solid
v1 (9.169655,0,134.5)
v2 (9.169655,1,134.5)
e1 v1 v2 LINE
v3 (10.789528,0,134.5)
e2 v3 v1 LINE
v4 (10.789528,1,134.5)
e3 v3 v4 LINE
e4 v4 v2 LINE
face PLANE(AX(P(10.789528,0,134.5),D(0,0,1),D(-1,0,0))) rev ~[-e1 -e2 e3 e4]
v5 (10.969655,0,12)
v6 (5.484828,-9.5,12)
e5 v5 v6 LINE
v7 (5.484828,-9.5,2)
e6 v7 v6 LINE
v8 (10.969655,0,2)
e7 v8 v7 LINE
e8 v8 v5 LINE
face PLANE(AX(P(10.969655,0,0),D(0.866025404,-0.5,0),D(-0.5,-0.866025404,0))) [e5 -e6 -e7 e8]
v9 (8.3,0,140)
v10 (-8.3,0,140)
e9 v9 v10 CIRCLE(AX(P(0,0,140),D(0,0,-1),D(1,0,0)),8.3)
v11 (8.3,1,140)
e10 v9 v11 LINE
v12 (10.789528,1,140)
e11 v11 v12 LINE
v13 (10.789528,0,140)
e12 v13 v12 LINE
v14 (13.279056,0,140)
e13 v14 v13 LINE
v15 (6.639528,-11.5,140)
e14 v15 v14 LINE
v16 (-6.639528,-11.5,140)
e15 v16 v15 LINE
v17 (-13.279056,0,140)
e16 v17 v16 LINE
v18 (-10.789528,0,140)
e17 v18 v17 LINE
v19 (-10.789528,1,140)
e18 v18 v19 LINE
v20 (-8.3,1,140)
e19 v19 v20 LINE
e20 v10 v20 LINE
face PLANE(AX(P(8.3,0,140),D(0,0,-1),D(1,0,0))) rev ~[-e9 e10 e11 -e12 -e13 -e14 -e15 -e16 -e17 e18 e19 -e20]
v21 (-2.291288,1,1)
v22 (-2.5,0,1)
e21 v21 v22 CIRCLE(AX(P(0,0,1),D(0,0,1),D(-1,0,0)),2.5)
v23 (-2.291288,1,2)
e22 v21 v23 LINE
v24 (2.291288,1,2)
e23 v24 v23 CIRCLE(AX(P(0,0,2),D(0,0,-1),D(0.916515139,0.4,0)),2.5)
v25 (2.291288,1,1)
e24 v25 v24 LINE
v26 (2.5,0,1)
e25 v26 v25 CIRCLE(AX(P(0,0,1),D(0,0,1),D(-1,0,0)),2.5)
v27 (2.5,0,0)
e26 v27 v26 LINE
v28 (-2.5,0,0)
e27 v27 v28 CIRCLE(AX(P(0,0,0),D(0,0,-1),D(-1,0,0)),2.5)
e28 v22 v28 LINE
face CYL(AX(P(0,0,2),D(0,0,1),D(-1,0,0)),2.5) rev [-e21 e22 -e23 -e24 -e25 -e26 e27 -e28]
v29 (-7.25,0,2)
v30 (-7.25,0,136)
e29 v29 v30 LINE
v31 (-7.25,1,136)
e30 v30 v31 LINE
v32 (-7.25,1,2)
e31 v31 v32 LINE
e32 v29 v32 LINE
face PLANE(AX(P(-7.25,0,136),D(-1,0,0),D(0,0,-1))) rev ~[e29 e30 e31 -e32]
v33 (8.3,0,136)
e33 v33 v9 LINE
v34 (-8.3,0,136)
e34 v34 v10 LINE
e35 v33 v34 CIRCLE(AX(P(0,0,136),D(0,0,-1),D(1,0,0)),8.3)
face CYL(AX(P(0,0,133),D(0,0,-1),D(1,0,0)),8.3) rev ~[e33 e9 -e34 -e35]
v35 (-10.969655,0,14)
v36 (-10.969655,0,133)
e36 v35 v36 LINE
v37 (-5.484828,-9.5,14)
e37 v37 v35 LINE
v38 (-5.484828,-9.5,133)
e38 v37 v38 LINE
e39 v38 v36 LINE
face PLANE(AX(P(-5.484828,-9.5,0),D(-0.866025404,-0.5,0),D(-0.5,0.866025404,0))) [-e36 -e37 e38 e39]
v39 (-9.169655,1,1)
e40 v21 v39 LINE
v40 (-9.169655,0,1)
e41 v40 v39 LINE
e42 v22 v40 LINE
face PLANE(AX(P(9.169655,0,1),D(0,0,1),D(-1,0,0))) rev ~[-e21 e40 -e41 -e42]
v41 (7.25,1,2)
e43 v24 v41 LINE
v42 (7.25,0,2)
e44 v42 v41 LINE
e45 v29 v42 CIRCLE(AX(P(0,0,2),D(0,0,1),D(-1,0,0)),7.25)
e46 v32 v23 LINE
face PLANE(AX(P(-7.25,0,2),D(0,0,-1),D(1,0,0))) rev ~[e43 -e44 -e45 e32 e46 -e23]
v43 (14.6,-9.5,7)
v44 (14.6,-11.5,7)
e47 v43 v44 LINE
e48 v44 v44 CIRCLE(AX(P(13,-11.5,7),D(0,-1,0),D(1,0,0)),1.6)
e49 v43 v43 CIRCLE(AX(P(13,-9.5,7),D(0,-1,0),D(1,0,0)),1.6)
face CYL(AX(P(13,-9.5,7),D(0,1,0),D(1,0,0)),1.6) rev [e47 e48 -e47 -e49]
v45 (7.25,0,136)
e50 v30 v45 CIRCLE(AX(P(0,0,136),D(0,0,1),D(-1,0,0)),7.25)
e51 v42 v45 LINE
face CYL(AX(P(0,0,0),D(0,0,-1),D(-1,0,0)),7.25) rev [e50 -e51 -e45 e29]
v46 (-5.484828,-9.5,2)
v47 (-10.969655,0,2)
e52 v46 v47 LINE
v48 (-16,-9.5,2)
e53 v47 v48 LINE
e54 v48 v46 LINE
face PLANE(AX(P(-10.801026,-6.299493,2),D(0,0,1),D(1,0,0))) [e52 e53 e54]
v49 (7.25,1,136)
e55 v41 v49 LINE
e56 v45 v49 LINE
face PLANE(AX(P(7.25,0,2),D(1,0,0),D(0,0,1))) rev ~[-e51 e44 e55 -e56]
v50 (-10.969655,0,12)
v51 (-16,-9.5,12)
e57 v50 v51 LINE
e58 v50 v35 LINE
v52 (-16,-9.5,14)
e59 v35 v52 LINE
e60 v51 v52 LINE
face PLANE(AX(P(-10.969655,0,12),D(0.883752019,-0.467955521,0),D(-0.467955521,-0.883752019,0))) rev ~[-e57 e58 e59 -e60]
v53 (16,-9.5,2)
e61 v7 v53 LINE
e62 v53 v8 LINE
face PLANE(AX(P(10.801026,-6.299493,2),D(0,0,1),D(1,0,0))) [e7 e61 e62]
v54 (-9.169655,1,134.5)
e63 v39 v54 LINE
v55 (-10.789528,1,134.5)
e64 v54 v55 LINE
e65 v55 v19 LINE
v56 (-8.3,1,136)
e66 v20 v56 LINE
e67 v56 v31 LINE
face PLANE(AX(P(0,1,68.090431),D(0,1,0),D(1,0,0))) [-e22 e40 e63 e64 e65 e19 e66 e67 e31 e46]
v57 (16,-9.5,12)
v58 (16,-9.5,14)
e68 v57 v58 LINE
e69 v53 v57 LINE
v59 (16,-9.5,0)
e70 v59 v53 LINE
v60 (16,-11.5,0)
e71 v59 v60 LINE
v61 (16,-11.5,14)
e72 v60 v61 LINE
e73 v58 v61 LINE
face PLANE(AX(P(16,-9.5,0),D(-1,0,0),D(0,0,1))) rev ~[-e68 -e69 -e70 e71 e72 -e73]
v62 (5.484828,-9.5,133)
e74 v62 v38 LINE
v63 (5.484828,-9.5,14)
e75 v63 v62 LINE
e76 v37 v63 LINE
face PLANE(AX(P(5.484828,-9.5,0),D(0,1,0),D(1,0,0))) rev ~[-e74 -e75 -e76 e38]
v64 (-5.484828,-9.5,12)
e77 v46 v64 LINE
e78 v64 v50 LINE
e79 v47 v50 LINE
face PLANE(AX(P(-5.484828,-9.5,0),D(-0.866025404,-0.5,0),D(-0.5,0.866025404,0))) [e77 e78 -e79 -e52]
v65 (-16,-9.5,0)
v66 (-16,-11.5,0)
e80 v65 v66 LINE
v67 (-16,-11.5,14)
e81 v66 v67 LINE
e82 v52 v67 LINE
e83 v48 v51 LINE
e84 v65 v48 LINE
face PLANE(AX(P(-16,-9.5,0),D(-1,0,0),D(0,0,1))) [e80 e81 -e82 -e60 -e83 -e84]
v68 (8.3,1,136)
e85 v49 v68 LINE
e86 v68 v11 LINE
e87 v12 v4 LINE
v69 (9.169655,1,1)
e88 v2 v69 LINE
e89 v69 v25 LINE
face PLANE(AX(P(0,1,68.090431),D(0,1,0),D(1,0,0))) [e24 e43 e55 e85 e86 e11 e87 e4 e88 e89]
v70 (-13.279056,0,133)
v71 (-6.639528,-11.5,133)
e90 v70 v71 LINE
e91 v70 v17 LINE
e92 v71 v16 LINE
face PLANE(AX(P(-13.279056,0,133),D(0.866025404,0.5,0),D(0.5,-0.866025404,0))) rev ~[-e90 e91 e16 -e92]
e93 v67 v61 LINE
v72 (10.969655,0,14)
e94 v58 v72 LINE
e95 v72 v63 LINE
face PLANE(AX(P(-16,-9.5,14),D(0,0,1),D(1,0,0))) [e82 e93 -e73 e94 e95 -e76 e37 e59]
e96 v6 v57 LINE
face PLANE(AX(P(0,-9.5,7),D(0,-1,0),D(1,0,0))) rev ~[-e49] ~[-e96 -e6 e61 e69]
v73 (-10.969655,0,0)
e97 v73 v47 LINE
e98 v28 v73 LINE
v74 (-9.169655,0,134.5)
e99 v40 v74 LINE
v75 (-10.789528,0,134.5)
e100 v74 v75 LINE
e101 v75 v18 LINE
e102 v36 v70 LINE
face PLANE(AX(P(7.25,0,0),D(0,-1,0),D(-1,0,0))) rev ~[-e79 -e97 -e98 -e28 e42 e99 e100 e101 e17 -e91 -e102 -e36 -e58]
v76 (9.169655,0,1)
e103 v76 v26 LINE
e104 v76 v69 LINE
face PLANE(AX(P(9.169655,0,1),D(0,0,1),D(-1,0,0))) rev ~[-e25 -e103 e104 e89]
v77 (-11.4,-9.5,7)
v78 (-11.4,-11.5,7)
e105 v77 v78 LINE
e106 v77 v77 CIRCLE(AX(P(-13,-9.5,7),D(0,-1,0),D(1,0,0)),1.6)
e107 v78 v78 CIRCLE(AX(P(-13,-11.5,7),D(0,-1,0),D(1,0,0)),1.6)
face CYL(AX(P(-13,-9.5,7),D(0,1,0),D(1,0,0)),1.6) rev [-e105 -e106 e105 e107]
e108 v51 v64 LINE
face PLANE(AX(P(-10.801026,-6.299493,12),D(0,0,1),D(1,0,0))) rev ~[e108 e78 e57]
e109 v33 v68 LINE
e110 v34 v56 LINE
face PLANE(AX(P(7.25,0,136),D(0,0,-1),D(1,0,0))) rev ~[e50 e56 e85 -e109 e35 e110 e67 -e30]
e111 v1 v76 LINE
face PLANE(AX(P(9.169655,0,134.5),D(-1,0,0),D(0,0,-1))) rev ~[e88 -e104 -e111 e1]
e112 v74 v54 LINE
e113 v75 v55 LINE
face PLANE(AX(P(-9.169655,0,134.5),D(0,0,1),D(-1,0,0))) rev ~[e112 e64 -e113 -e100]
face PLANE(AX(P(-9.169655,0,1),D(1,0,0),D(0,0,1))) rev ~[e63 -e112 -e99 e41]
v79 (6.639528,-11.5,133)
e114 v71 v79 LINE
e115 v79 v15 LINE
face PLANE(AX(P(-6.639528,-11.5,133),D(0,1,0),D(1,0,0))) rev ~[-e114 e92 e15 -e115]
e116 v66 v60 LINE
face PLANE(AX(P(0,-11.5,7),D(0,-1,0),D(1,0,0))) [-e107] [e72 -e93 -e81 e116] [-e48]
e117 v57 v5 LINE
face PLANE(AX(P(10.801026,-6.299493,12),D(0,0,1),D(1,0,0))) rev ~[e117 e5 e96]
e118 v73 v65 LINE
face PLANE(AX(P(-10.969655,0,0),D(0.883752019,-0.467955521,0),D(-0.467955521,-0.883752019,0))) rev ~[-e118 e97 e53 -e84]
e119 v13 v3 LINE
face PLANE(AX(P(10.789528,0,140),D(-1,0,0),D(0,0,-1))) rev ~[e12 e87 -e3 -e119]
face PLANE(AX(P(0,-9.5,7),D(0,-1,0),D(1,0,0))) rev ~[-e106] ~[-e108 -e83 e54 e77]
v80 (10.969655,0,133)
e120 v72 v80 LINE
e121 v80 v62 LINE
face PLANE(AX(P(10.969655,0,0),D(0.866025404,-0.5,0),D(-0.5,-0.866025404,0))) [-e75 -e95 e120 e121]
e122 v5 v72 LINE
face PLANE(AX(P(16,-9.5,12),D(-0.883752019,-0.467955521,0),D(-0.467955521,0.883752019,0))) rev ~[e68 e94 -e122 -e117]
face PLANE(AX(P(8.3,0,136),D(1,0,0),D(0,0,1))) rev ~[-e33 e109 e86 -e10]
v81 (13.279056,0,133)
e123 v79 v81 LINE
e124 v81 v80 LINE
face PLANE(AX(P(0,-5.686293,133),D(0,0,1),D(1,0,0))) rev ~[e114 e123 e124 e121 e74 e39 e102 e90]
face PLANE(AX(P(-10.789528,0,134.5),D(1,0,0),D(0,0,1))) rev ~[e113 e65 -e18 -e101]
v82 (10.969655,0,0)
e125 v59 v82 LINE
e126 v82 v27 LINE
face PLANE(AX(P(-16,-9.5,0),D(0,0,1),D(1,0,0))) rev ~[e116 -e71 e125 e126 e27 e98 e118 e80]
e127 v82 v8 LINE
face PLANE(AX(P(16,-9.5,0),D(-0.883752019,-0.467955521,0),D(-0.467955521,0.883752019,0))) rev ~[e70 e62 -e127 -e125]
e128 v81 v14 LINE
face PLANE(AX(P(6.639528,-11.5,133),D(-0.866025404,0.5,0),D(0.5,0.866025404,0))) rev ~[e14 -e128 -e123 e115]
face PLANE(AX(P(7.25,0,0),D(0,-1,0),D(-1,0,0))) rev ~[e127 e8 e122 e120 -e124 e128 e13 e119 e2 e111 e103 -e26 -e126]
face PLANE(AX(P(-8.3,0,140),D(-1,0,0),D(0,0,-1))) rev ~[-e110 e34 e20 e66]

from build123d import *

# Parameters (mm, degrees)
AUFSATZ_LINEAR_AUSTRAGEN1_DEPTH  = 136
AUFSATZ_LINEAR_AUSTRAGEN2_DEPTH  = 2
AUFSATZ_LINEAR_AUSTRAGEN3_DEPTH  = 7
AUFSATZ_LINEAR_AUSTRAGEN6_DEPTH  = 2
LINEARES_MUSTER3_COUNT           = 2
LINEARES_MUSTER3_PITCH           = 12
SKIZZE12_W                       = 32
SKIZZE12_H                       = 14
SKIZZE12_R                       = 1.6
AUFSATZ_LINEAR_AUSTRAGEN14_DEPTH = 2
AUFSATZ_LINEAR_AUSTRAGEN15_DEPTH = 1
SCHNITT_LINEAR_START             = -2
SKIZZE14_R                       = 2.5
SCHNITT_LINEAR_AUSTRAGEN1_DEPTH  = 2


with BuildPart() as part:
    # Skizze1 → Aufsatz-Linear austragen1 (new body)
    with BuildSketch(Plane.XY):
        with BuildLine():
            Line((7.25, 0), (10.969655115, 0))
            Line((10.969655115, 0), (5.484827557, -9.5))
            Line((5.484827557, -9.5), (-5.484827557, -9.5))
            Line((-5.484827557, -9.5), (-10.969655115, 0))
            Line((-10.969655115, 0), (-7.25, 0))
            ThreePointArc((-7.25, 0), (0, -7.25), (7.25, 0))
        make_face()
    extrude(amount=AUFSATZ_LINEAR_AUSTRAGEN1_DEPTH)

    # Skizze2 → Aufsatz-Linear austragen2 (add)
    with BuildSketch(Plane.XY):
        with BuildLine():
            Line((7.25, 0), (-7.25, 0))
            ThreePointArc((-7.25, 0), (0, -7.25), (7.25, 0))
        make_face()
    extrude(amount=AUFSATZ_LINEAR_AUSTRAGEN2_DEPTH)

    # Skizze3 → Aufsatz-Linear austragen3 (add)
    with BuildSketch(Plane.XY.offset(133)):
        with BuildLine():
            Line((-8.3, 0), (-13.279056191, 0))
            Line((-13.279056191, 0), (-6.639528096, -11.5))
            Line((-6.639528096, -11.5), (6.639528096, -11.5))
            Line((6.639528096, -11.5), (13.279056191, 0))
            Line((13.279056191, 0), (8.3, 0))
            ThreePointArc((8.3, 0), (0, -8.3), (-8.3, 0))
        make_face()
    extrude(amount=AUFSATZ_LINEAR_AUSTRAGEN3_DEPTH)

    # Skizze7 → Aufsatz-Linear austragen6 (add)
    with BuildSketch(Plane.XY):
        Polygon((10.969655115, 0), (5.484827557, -9.5), (16, -9.5), align=None)
        Polygon((-5.484827557, -9.5), (-10.969655115, 0), (-16, -9.5), align=None)
    aufsatz_linear_austragen6 = extrude(amount=AUFSATZ_LINEAR_AUSTRAGEN6_DEPTH)

    # Lineares Muster3: Aufsatz-Linear austragen6 ×2
    with Locations(*[(0, 0, i * LINEARES_MUSTER3_PITCH) for i in range(1, LINEARES_MUSTER3_COUNT)]):
        add(aufsatz_linear_austragen6)

    # Skizze12 → Aufsatz-Linear austragen14 (add)
    with BuildSketch(Plane.XZ.offset(9.5)):
        with Locations((0, 7)):
            Rectangle(SKIZZE12_W, SKIZZE12_H)
        with Locations((-13, 7)):
            Circle(SKIZZE12_R, mode=Mode.SUBTRACT)
        with Locations((13, 7)):
            Circle(SKIZZE12_R, mode=Mode.SUBTRACT)
    extrude(amount=AUFSATZ_LINEAR_AUSTRAGEN14_DEPTH)

    # Skizze13 → Aufsatz-Linear austragen15 (add)
    with BuildSketch(Plane(origin=(0, 0, 0), x_dir=(1, 0, 0), z_dir=(0, 1, 0))):
        Polygon((8.3, -140), (10.789528096, -140), (10.789528096, -134.5), (9.169655115, -134.5), (9.169655115, -1), (-9.169655115, -1), (-9.169655115, -134.5), (-10.789528096, -134.5), (-10.789528096, -140), (-8.3, -140), (-8.3, -136), (-7.25, -136), (-7.25, -2), (7.25, -2), (7.25, -136), (8.3, -136), align=None)
    extrude(amount=AUFSATZ_LINEAR_AUSTRAGEN15_DEPTH)

    # Skizze14 → Schnitt-Linear austragen1 (cut)
    with BuildSketch(Plane(origin=(0, 0, 0), x_dir=(-1, 0, 0), z_dir=(0, 0, -1)).offset(SCHNITT_LINEAR_START)):
        Circle(SKIZZE14_R)
    extrude(amount=SCHNITT_LINEAR_AUSTRAGEN1_DEPTH, mode=Mode.SUBTRACT)


solid = part.part
